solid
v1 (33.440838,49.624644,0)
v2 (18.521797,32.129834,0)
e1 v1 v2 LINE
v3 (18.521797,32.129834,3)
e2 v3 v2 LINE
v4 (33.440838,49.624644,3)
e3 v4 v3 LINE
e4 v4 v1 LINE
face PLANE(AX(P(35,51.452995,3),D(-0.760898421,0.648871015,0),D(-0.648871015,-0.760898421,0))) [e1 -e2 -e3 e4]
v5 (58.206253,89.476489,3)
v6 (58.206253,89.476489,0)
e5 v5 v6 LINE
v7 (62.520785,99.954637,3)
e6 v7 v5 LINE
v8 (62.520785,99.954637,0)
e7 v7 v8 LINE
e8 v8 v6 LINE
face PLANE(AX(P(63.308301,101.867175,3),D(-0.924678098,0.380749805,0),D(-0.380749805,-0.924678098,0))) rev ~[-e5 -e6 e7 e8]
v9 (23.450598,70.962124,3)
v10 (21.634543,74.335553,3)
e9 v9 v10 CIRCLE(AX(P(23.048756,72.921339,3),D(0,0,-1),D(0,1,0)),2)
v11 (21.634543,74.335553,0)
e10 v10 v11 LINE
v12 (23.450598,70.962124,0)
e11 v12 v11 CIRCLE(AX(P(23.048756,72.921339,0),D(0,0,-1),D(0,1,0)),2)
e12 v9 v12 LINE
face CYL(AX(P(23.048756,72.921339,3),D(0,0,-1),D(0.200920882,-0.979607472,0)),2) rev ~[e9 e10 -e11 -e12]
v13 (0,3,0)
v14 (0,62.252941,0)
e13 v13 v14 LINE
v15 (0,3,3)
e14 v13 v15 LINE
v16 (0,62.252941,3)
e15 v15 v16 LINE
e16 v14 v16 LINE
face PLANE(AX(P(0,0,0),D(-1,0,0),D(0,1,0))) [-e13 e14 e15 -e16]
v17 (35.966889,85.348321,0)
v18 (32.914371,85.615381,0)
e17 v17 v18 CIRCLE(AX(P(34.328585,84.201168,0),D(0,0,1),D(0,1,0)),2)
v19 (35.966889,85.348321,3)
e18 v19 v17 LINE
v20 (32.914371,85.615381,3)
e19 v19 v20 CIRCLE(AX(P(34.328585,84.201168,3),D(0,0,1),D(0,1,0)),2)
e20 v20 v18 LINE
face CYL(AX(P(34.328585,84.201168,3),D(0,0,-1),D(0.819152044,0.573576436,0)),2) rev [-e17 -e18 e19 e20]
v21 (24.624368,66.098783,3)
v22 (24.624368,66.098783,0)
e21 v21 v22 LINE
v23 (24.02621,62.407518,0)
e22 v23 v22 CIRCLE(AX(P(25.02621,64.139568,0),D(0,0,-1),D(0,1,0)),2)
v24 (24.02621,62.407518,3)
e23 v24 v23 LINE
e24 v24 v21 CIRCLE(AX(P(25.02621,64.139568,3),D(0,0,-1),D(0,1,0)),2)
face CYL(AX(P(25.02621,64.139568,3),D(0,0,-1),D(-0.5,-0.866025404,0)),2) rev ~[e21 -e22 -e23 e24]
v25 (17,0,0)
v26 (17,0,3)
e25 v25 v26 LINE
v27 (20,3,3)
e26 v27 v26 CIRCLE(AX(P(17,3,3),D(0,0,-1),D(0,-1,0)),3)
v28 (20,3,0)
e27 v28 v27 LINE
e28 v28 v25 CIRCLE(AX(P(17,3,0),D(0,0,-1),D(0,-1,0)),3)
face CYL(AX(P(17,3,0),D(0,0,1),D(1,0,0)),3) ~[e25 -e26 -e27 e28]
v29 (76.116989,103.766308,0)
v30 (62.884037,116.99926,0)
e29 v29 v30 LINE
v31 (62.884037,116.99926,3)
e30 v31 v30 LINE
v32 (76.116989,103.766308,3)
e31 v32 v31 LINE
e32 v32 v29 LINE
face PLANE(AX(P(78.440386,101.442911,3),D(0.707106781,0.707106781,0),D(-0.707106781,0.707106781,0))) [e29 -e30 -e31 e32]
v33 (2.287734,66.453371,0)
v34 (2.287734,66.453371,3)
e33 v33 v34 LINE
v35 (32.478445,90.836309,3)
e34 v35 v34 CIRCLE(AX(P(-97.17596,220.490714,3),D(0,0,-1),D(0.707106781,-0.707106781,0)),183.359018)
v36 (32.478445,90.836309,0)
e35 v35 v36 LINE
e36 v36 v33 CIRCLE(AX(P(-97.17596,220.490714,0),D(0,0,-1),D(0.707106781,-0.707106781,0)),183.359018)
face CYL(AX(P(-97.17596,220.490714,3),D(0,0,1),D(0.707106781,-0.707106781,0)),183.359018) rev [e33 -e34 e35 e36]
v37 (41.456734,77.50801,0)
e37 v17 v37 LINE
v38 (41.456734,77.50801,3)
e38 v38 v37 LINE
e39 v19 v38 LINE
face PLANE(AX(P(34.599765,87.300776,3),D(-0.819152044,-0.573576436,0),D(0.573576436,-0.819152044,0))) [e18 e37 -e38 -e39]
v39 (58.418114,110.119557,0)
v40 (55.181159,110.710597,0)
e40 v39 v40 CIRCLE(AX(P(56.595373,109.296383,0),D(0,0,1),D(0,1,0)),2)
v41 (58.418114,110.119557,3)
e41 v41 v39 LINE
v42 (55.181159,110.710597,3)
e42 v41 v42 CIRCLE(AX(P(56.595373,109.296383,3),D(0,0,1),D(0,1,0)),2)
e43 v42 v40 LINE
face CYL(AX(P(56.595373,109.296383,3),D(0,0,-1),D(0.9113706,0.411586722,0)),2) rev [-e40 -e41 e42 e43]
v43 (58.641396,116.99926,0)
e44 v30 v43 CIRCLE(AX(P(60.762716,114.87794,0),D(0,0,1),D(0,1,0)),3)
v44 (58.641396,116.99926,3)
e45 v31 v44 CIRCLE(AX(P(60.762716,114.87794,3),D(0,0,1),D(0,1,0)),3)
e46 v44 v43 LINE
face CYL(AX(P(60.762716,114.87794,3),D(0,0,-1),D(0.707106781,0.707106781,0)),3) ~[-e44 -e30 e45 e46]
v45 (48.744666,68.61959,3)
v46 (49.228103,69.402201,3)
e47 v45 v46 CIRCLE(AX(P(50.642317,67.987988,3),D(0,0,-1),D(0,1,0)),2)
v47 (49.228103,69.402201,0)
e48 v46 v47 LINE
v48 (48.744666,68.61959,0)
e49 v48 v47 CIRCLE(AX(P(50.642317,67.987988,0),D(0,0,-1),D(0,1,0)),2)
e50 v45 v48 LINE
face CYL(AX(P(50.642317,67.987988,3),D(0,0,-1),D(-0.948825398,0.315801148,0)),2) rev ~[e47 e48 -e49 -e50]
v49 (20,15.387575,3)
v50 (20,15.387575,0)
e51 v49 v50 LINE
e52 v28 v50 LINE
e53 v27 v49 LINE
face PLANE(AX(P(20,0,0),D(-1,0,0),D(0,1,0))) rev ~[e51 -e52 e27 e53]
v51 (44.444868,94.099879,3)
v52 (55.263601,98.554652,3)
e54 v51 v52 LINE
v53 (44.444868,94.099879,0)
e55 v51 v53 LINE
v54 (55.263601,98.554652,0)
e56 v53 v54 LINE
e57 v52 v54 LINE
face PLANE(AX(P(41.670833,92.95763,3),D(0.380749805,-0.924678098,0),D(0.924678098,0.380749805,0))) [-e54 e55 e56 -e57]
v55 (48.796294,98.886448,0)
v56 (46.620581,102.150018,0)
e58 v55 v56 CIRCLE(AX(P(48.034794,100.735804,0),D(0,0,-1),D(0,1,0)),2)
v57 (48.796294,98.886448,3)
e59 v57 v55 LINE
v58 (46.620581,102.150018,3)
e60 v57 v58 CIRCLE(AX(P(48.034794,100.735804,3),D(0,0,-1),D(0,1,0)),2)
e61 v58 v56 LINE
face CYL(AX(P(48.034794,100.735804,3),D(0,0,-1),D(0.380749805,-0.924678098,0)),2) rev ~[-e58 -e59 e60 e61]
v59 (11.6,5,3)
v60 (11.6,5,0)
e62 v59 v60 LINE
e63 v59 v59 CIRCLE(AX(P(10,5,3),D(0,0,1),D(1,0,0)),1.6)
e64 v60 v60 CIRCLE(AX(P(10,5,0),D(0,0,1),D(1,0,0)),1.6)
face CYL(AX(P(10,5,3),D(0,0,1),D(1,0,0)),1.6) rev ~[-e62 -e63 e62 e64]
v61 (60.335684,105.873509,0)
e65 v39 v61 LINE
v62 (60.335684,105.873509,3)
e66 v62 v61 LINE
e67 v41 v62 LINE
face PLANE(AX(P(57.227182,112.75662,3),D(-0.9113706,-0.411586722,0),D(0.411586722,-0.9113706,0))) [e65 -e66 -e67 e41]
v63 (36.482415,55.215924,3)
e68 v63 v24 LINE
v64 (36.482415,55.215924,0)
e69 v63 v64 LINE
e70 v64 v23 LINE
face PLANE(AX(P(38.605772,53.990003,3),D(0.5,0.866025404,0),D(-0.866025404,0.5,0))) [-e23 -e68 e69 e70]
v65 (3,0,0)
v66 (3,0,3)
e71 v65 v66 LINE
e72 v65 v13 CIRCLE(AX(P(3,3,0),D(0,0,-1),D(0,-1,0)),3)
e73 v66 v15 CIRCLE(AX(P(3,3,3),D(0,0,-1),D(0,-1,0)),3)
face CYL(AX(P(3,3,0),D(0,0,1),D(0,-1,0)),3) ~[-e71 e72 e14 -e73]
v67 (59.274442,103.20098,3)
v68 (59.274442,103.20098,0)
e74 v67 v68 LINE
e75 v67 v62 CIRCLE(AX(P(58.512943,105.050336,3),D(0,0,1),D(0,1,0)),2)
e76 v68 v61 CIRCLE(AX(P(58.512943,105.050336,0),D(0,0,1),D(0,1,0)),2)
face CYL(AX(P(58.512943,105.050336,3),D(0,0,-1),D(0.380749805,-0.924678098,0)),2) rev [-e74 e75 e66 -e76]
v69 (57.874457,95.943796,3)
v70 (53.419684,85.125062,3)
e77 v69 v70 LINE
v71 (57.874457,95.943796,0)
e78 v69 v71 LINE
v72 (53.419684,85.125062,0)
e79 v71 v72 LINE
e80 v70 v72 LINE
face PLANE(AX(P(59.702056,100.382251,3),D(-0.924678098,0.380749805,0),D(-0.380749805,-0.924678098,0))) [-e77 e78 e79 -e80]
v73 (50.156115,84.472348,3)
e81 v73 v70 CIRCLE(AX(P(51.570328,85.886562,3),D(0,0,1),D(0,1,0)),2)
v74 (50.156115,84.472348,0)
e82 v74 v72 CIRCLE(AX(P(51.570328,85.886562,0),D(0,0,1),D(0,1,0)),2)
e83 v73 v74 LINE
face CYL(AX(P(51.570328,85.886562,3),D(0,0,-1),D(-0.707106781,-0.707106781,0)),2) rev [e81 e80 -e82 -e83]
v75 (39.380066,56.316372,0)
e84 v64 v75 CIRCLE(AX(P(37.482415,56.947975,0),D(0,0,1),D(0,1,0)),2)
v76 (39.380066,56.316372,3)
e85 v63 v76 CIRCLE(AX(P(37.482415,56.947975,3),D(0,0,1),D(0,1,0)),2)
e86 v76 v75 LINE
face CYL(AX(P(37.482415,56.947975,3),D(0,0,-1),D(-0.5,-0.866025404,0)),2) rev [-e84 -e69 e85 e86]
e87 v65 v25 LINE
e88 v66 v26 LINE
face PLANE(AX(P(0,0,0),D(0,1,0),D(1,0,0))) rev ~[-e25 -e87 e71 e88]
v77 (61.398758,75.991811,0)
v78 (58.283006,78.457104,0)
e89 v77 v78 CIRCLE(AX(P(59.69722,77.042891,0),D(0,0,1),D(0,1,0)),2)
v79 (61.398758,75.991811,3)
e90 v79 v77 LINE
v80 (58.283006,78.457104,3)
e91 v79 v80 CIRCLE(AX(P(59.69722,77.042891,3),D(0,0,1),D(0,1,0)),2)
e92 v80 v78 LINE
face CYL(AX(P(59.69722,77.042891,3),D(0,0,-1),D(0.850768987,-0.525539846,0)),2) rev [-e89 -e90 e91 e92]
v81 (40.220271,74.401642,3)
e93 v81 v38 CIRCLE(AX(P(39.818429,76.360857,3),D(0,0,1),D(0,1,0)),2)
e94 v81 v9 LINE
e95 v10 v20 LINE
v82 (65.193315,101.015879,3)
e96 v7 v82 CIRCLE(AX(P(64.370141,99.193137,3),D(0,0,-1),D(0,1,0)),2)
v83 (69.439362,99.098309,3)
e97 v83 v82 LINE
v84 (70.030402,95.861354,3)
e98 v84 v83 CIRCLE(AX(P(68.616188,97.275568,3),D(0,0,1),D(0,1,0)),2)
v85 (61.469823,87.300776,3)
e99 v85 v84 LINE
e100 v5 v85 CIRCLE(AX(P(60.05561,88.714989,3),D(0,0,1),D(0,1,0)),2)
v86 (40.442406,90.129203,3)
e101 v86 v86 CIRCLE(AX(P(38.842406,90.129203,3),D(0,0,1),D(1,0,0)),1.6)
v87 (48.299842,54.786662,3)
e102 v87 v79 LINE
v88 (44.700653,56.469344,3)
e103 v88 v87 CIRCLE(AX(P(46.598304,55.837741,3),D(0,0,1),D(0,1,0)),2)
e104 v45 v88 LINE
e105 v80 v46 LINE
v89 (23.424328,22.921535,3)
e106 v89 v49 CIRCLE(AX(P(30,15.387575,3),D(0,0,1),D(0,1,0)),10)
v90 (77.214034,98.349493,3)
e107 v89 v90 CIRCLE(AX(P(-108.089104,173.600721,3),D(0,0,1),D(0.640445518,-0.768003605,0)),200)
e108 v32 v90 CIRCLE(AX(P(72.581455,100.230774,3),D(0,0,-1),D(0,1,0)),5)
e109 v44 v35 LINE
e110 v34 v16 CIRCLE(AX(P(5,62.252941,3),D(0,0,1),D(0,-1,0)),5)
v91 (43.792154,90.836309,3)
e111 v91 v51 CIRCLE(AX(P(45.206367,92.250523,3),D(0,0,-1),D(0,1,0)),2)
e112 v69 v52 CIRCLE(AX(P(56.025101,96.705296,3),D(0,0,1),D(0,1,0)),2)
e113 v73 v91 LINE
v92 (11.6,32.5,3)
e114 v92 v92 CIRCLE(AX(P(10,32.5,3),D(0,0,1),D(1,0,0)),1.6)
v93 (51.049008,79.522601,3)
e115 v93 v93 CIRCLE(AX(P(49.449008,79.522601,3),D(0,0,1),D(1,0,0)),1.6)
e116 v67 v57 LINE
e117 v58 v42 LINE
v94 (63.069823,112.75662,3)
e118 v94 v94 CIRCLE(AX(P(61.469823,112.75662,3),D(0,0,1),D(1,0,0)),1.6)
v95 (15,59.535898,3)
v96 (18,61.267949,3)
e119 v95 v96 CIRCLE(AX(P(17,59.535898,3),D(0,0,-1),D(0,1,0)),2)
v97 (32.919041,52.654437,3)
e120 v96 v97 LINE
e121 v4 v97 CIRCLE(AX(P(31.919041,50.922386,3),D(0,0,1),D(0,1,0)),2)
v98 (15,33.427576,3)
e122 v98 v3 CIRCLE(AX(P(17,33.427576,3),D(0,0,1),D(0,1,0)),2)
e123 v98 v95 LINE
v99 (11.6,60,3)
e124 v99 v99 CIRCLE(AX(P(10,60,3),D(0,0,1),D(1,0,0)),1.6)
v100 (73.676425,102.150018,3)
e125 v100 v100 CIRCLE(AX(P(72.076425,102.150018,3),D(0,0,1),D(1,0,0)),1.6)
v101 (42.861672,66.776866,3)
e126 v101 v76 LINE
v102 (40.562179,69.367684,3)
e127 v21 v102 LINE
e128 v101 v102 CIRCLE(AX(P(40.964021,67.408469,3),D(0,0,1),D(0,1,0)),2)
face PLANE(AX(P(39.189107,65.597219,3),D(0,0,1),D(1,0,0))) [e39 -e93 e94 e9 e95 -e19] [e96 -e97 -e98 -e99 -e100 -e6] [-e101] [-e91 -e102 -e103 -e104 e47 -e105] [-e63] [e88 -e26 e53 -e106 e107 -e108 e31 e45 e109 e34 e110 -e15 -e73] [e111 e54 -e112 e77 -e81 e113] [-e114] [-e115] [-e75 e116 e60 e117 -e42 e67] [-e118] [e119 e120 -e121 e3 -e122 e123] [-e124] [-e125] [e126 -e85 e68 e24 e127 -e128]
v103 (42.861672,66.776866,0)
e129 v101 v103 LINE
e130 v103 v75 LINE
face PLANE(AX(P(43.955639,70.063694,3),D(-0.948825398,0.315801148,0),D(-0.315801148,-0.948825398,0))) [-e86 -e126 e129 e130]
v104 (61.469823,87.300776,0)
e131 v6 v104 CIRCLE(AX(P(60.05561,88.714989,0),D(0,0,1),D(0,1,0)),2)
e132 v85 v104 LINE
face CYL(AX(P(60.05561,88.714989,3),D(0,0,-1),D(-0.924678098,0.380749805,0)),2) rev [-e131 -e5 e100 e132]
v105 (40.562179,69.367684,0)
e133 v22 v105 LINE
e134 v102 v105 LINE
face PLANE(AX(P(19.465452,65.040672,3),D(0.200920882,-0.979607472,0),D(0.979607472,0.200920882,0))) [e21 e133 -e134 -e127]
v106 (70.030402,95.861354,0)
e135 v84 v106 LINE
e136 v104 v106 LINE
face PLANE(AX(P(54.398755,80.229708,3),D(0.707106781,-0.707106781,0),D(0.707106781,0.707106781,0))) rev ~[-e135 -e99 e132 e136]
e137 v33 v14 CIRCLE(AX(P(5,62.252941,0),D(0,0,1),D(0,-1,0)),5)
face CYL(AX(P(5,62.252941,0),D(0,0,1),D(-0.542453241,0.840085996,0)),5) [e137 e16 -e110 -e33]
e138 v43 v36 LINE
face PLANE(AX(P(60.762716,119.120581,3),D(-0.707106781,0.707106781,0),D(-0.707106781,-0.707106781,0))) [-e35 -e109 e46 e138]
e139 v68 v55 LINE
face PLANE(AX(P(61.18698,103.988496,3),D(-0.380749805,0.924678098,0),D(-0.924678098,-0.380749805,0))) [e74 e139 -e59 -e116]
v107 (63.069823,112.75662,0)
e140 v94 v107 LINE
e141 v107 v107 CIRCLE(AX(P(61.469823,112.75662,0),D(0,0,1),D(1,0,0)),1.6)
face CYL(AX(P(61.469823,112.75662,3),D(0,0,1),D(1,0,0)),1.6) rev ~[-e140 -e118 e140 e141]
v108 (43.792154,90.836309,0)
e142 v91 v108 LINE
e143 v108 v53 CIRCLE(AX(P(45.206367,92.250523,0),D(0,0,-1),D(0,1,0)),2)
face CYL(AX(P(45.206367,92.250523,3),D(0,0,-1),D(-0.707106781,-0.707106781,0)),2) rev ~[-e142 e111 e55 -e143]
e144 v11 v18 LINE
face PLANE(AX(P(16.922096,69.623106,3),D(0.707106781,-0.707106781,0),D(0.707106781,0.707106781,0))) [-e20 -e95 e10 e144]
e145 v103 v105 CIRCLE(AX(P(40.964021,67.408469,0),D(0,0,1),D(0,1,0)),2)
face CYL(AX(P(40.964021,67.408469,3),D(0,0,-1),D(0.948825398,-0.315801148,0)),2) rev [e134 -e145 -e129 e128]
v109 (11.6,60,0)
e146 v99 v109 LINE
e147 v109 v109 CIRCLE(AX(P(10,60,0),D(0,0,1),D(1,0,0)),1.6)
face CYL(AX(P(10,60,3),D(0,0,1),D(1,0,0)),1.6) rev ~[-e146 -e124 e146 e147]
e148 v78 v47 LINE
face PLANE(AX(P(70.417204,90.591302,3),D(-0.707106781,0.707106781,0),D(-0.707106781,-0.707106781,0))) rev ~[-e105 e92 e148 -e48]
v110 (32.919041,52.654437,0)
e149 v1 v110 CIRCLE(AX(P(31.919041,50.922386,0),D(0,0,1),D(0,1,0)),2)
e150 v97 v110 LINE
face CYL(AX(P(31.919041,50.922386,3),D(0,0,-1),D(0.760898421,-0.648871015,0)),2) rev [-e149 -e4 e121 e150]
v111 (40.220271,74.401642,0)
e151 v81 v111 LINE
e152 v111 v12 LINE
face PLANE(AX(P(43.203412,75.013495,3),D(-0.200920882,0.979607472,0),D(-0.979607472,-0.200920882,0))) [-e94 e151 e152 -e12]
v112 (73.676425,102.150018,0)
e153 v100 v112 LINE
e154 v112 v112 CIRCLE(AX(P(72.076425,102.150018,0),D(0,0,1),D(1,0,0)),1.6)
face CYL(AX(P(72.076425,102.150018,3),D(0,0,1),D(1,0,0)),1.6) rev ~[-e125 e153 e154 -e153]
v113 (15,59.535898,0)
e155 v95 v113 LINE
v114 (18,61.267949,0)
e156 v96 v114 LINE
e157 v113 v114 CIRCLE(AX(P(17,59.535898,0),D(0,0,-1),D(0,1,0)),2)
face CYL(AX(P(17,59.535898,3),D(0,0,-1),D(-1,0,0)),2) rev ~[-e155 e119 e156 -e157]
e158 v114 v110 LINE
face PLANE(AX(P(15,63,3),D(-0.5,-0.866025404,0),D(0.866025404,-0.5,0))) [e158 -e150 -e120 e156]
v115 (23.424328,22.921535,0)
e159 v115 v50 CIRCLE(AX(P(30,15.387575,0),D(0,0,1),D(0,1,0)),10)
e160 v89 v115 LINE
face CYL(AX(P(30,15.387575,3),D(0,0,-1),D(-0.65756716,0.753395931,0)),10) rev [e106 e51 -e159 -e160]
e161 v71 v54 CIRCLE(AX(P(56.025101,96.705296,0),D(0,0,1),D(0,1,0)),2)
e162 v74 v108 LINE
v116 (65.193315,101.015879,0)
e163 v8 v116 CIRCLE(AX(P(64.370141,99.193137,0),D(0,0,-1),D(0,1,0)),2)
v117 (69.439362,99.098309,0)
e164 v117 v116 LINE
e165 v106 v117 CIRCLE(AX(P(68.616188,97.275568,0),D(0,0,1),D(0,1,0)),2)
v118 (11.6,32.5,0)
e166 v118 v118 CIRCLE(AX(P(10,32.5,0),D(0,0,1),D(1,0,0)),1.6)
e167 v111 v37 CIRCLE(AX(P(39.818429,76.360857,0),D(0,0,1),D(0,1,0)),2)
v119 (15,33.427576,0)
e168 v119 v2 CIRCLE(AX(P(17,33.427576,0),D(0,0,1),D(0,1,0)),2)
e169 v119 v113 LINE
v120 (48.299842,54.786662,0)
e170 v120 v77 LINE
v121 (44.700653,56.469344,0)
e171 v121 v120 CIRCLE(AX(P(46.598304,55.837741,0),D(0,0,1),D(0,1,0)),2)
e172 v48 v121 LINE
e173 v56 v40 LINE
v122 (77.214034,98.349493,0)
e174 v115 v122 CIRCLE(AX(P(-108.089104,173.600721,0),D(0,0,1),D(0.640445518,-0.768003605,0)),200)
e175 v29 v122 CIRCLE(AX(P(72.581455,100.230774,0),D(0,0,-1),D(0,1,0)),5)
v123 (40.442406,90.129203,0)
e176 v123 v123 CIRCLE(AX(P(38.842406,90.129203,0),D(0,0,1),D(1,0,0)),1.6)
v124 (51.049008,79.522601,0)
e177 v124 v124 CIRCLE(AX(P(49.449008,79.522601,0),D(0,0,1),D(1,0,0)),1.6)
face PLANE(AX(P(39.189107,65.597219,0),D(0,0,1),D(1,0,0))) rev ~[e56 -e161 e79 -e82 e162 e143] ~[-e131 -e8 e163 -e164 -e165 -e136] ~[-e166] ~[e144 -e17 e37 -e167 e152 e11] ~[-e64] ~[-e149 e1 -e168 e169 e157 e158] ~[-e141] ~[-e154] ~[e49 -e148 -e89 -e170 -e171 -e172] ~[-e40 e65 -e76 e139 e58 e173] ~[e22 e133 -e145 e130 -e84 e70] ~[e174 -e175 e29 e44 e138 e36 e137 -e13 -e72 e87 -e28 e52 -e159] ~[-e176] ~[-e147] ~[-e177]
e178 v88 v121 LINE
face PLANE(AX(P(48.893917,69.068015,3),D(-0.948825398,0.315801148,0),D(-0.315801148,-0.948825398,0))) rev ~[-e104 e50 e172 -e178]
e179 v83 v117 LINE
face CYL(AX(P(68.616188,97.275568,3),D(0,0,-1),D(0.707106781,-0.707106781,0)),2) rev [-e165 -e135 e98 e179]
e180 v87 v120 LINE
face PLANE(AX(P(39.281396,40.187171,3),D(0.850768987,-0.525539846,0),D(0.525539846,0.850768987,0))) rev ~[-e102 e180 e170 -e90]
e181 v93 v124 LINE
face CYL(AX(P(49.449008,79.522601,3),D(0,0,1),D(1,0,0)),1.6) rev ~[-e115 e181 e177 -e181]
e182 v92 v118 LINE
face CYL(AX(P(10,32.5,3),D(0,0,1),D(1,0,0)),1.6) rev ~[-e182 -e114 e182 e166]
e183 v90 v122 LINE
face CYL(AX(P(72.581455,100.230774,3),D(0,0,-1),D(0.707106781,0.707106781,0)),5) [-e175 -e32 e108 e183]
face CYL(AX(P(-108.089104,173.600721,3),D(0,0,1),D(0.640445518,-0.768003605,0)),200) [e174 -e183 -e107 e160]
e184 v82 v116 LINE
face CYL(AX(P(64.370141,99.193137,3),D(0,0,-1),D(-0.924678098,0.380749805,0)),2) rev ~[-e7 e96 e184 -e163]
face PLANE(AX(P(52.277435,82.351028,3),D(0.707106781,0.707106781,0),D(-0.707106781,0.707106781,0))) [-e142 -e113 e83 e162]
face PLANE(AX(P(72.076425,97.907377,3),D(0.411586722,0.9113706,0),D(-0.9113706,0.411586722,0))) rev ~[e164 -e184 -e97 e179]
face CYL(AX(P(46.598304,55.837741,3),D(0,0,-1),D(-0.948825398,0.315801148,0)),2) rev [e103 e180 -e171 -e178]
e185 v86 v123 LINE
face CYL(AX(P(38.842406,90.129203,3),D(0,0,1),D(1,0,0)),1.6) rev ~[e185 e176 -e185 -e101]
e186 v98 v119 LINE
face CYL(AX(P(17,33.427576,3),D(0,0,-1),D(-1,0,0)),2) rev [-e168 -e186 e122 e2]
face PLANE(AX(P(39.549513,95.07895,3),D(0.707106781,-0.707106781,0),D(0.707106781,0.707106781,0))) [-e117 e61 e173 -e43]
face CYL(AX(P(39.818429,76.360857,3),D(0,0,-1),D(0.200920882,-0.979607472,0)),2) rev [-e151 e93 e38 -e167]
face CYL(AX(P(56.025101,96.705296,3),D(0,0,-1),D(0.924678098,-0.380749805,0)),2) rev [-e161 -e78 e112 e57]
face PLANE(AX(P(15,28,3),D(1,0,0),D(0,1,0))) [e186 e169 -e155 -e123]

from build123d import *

# Parameters (mm, degrees)
SKETCH_1_W          = 20
SKETCH_1_H          = 65
EXTRUDE_1_DEPTH     = 3
SKETCH_2_R          = 1.6
CUT_EXTRUDE_1_DEPTH = 3
EXTRUDE_2_DEPTH     = 3
EXTRUDE_3_DEPTH     = 3
SKETCH_8_R          = 1.6
CUT_EXTRUDE_3_DEPTH = 143.659058168
FILLET_1_R          = 10
FILLET_2_R          = 3
FILLET_3_R          = 5
CUT_EXTRUDE_4_DEPTH = 142.149179722
FILLET_4_R          = 2


with BuildPart() as part:
    # 草图1 → 凸台-拉伸1 (new body)
    with BuildSketch(Plane.XY):
        with Locations((10, 32.5)):
            Rectangle(SKETCH_1_W, SKETCH_1_H)
    extrude(amount=EXTRUDE_1_DEPTH)

    # 草图2 → 切除-拉伸1 (cut)
    with BuildSketch(Plane.XY.offset(3)):
        with Locations((10, 60)):
            Circle(SKETCH_2_R)
        with Locations((10, 32.5)):
            Circle(SKETCH_2_R)
        with Locations((10, 5)):
            Circle(SKETCH_2_R)
    extrude(amount=-CUT_EXTRUDE_1_DEPTH, mode=Mode.SUBTRACT)



with BuildPart() as body_2:
    # 草图3 → 凸台-拉伸2 (new body)
    with BuildSketch(Plane.XY.offset(3)):
        Polygon((32.478445072, 90.836309448), (50.156114601, 73.158639918), (78.440385849, 101.442911166), (60.762716319, 119.120580695), align=None)
    extrude(amount=-EXTRUDE_2_DEPTH)


with BuildPart() as part_1:
    add(part.part)

    add(body_2.part)  # 凸台-拉伸3 merges body 2
    # 草图4 → 凸台-拉伸3 (add)
    with BuildSketch(Plane.XY.offset(3)):
        with BuildLine():
            Line((78.440385849, 101.442911166), (50.156114601, 73.158639918))
            Line((50.156114601, 73.158639918), (32.478445072, 90.836309448))
            ThreePointArc((32.478445072, 90.836309448), (16.972550072, 76.996299451), (0, 65))
            Line((0, 65), (20, 65))
            Line((20, 65), (20, 20))
            ThreePointArc((20, 20), (54.405363127, 57.00077145), (78.440385849, 101.442911166))
        make_face()
    extrude(amount=-EXTRUDE_3_DEPTH)

    # 草图8 → 切除-拉伸3 (cut, through all)
    with BuildSketch(Plane.XY.offset(3)):
        with Locations((61.4698231, 112.756619665)):
            Circle(SKETCH_8_R)
        with Locations((72.076424818, 102.150017947)):
            Circle(SKETCH_8_R)
        with Locations((49.44900782, 79.522600949)):
            Circle(SKETCH_8_R)
        with Locations((38.842406102, 90.129202667)):
            Circle(SKETCH_8_R)
    extrude(amount=-CUT_EXTRUDE_3_DEPTH, mode=Mode.SUBTRACT)

    # 圆角1
    fillet_1_edges = [part_1.edges().sort_by_distance(p)[0] for p in [
        (20, 20, 1.5),
    ]]
    fillet(fillet_1_edges, radius=FILLET_1_R)

    # 圆角2
    fillet_2_edges = [part_1.edges().sort_by_distance(p)[0] for p in [
        (60.762716319, 119.120580695, 1.5),
        (20, 0, 1.5),
        (0, 0, 1.5),
    ]]
    fillet(fillet_2_edges, radius=FILLET_2_R)

    # 圆角3
    fillet_3_edges = [part_1.edges().sort_by_distance(p)[0] for p in [
        (78.440385849, 101.442911166, 1.5),
        (0, 65, 1.5),
    ]]
    fillet(fillet_3_edges, radius=FILLET_3_R)

    # 草图10 → 切除-拉伸4 (cut, through all)
    with BuildSketch(Plane.XY.offset(3)):
        Polygon((16.922095886, 69.623106012), (34.599765415, 87.300775542), (43.20341196, 75.013494878), align=None)
        Polygon((19.465452368, 65.040672027), (43.955639167, 70.06369408), (38.60577187, 53.99000341), align=None)
        Polygon((15, 63), (35, 51.452994616), (15, 28), align=None)
        Polygon((39.549512883, 95.078950135), (57.227182413, 112.756619665), (61.186980388, 103.988495578), align=None)
        Polygon((41.670833227, 92.957629791), (59.702056147, 100.382250994), (52.277434945, 82.351028074), align=None)
        Polygon((63.308300731, 101.867175234), (54.398755288, 80.22970773), (72.076424818, 97.90737726), align=None)
        Polygon((48.893917057, 69.06801525), (39.281396308, 40.187170828), (70.417203629, 90.591301821), align=None)
    extrude(amount=-CUT_EXTRUDE_4_DEPTH, mode=Mode.SUBTRACT)

    # 圆角4
    fillet_4_edges = [part_1.edges().sort_by_distance(p)[0] for p in [
        (15, 28, 1.5),
        (15, 63, 1.5),
        (35, 51.452994616, 1.5),
        (38.60577187, 53.99000341, 1.5),
        (19.465452368, 65.040672027, 1.5),
        (43.955639167, 70.06369408, 1.5),
        (52.277434945, 82.351028074, 1.5),
        (41.670833227, 92.957629791, 1.5),
        (59.702056147, 100.382250994, 1.5),
        (61.186980388, 103.988495578, 1.5),
        (39.549512883, 95.078950135, 1.5),
        (57.227182413, 112.756619665, 1.5),
        (48.893917057, 69.06801525, 1.5),
        (70.417203629, 90.591301821, 1.5),
        (39.281396308, 40.187170828, 1.5),
        (63.308300731, 101.867175234, 1.5),
        (72.076424818, 97.90737726, 1.5),
        (54.398755288, 80.22970773, 1.5),
        (43.20341196, 75.013494878, 1.5),
        (16.922095886, 69.623106012, 1.5),
        (34.599765415, 87.300775542, 1.5),
    ]]
    fillet(fillet_4_edges, radius=FILLET_4_R)


solid = part_1.part
